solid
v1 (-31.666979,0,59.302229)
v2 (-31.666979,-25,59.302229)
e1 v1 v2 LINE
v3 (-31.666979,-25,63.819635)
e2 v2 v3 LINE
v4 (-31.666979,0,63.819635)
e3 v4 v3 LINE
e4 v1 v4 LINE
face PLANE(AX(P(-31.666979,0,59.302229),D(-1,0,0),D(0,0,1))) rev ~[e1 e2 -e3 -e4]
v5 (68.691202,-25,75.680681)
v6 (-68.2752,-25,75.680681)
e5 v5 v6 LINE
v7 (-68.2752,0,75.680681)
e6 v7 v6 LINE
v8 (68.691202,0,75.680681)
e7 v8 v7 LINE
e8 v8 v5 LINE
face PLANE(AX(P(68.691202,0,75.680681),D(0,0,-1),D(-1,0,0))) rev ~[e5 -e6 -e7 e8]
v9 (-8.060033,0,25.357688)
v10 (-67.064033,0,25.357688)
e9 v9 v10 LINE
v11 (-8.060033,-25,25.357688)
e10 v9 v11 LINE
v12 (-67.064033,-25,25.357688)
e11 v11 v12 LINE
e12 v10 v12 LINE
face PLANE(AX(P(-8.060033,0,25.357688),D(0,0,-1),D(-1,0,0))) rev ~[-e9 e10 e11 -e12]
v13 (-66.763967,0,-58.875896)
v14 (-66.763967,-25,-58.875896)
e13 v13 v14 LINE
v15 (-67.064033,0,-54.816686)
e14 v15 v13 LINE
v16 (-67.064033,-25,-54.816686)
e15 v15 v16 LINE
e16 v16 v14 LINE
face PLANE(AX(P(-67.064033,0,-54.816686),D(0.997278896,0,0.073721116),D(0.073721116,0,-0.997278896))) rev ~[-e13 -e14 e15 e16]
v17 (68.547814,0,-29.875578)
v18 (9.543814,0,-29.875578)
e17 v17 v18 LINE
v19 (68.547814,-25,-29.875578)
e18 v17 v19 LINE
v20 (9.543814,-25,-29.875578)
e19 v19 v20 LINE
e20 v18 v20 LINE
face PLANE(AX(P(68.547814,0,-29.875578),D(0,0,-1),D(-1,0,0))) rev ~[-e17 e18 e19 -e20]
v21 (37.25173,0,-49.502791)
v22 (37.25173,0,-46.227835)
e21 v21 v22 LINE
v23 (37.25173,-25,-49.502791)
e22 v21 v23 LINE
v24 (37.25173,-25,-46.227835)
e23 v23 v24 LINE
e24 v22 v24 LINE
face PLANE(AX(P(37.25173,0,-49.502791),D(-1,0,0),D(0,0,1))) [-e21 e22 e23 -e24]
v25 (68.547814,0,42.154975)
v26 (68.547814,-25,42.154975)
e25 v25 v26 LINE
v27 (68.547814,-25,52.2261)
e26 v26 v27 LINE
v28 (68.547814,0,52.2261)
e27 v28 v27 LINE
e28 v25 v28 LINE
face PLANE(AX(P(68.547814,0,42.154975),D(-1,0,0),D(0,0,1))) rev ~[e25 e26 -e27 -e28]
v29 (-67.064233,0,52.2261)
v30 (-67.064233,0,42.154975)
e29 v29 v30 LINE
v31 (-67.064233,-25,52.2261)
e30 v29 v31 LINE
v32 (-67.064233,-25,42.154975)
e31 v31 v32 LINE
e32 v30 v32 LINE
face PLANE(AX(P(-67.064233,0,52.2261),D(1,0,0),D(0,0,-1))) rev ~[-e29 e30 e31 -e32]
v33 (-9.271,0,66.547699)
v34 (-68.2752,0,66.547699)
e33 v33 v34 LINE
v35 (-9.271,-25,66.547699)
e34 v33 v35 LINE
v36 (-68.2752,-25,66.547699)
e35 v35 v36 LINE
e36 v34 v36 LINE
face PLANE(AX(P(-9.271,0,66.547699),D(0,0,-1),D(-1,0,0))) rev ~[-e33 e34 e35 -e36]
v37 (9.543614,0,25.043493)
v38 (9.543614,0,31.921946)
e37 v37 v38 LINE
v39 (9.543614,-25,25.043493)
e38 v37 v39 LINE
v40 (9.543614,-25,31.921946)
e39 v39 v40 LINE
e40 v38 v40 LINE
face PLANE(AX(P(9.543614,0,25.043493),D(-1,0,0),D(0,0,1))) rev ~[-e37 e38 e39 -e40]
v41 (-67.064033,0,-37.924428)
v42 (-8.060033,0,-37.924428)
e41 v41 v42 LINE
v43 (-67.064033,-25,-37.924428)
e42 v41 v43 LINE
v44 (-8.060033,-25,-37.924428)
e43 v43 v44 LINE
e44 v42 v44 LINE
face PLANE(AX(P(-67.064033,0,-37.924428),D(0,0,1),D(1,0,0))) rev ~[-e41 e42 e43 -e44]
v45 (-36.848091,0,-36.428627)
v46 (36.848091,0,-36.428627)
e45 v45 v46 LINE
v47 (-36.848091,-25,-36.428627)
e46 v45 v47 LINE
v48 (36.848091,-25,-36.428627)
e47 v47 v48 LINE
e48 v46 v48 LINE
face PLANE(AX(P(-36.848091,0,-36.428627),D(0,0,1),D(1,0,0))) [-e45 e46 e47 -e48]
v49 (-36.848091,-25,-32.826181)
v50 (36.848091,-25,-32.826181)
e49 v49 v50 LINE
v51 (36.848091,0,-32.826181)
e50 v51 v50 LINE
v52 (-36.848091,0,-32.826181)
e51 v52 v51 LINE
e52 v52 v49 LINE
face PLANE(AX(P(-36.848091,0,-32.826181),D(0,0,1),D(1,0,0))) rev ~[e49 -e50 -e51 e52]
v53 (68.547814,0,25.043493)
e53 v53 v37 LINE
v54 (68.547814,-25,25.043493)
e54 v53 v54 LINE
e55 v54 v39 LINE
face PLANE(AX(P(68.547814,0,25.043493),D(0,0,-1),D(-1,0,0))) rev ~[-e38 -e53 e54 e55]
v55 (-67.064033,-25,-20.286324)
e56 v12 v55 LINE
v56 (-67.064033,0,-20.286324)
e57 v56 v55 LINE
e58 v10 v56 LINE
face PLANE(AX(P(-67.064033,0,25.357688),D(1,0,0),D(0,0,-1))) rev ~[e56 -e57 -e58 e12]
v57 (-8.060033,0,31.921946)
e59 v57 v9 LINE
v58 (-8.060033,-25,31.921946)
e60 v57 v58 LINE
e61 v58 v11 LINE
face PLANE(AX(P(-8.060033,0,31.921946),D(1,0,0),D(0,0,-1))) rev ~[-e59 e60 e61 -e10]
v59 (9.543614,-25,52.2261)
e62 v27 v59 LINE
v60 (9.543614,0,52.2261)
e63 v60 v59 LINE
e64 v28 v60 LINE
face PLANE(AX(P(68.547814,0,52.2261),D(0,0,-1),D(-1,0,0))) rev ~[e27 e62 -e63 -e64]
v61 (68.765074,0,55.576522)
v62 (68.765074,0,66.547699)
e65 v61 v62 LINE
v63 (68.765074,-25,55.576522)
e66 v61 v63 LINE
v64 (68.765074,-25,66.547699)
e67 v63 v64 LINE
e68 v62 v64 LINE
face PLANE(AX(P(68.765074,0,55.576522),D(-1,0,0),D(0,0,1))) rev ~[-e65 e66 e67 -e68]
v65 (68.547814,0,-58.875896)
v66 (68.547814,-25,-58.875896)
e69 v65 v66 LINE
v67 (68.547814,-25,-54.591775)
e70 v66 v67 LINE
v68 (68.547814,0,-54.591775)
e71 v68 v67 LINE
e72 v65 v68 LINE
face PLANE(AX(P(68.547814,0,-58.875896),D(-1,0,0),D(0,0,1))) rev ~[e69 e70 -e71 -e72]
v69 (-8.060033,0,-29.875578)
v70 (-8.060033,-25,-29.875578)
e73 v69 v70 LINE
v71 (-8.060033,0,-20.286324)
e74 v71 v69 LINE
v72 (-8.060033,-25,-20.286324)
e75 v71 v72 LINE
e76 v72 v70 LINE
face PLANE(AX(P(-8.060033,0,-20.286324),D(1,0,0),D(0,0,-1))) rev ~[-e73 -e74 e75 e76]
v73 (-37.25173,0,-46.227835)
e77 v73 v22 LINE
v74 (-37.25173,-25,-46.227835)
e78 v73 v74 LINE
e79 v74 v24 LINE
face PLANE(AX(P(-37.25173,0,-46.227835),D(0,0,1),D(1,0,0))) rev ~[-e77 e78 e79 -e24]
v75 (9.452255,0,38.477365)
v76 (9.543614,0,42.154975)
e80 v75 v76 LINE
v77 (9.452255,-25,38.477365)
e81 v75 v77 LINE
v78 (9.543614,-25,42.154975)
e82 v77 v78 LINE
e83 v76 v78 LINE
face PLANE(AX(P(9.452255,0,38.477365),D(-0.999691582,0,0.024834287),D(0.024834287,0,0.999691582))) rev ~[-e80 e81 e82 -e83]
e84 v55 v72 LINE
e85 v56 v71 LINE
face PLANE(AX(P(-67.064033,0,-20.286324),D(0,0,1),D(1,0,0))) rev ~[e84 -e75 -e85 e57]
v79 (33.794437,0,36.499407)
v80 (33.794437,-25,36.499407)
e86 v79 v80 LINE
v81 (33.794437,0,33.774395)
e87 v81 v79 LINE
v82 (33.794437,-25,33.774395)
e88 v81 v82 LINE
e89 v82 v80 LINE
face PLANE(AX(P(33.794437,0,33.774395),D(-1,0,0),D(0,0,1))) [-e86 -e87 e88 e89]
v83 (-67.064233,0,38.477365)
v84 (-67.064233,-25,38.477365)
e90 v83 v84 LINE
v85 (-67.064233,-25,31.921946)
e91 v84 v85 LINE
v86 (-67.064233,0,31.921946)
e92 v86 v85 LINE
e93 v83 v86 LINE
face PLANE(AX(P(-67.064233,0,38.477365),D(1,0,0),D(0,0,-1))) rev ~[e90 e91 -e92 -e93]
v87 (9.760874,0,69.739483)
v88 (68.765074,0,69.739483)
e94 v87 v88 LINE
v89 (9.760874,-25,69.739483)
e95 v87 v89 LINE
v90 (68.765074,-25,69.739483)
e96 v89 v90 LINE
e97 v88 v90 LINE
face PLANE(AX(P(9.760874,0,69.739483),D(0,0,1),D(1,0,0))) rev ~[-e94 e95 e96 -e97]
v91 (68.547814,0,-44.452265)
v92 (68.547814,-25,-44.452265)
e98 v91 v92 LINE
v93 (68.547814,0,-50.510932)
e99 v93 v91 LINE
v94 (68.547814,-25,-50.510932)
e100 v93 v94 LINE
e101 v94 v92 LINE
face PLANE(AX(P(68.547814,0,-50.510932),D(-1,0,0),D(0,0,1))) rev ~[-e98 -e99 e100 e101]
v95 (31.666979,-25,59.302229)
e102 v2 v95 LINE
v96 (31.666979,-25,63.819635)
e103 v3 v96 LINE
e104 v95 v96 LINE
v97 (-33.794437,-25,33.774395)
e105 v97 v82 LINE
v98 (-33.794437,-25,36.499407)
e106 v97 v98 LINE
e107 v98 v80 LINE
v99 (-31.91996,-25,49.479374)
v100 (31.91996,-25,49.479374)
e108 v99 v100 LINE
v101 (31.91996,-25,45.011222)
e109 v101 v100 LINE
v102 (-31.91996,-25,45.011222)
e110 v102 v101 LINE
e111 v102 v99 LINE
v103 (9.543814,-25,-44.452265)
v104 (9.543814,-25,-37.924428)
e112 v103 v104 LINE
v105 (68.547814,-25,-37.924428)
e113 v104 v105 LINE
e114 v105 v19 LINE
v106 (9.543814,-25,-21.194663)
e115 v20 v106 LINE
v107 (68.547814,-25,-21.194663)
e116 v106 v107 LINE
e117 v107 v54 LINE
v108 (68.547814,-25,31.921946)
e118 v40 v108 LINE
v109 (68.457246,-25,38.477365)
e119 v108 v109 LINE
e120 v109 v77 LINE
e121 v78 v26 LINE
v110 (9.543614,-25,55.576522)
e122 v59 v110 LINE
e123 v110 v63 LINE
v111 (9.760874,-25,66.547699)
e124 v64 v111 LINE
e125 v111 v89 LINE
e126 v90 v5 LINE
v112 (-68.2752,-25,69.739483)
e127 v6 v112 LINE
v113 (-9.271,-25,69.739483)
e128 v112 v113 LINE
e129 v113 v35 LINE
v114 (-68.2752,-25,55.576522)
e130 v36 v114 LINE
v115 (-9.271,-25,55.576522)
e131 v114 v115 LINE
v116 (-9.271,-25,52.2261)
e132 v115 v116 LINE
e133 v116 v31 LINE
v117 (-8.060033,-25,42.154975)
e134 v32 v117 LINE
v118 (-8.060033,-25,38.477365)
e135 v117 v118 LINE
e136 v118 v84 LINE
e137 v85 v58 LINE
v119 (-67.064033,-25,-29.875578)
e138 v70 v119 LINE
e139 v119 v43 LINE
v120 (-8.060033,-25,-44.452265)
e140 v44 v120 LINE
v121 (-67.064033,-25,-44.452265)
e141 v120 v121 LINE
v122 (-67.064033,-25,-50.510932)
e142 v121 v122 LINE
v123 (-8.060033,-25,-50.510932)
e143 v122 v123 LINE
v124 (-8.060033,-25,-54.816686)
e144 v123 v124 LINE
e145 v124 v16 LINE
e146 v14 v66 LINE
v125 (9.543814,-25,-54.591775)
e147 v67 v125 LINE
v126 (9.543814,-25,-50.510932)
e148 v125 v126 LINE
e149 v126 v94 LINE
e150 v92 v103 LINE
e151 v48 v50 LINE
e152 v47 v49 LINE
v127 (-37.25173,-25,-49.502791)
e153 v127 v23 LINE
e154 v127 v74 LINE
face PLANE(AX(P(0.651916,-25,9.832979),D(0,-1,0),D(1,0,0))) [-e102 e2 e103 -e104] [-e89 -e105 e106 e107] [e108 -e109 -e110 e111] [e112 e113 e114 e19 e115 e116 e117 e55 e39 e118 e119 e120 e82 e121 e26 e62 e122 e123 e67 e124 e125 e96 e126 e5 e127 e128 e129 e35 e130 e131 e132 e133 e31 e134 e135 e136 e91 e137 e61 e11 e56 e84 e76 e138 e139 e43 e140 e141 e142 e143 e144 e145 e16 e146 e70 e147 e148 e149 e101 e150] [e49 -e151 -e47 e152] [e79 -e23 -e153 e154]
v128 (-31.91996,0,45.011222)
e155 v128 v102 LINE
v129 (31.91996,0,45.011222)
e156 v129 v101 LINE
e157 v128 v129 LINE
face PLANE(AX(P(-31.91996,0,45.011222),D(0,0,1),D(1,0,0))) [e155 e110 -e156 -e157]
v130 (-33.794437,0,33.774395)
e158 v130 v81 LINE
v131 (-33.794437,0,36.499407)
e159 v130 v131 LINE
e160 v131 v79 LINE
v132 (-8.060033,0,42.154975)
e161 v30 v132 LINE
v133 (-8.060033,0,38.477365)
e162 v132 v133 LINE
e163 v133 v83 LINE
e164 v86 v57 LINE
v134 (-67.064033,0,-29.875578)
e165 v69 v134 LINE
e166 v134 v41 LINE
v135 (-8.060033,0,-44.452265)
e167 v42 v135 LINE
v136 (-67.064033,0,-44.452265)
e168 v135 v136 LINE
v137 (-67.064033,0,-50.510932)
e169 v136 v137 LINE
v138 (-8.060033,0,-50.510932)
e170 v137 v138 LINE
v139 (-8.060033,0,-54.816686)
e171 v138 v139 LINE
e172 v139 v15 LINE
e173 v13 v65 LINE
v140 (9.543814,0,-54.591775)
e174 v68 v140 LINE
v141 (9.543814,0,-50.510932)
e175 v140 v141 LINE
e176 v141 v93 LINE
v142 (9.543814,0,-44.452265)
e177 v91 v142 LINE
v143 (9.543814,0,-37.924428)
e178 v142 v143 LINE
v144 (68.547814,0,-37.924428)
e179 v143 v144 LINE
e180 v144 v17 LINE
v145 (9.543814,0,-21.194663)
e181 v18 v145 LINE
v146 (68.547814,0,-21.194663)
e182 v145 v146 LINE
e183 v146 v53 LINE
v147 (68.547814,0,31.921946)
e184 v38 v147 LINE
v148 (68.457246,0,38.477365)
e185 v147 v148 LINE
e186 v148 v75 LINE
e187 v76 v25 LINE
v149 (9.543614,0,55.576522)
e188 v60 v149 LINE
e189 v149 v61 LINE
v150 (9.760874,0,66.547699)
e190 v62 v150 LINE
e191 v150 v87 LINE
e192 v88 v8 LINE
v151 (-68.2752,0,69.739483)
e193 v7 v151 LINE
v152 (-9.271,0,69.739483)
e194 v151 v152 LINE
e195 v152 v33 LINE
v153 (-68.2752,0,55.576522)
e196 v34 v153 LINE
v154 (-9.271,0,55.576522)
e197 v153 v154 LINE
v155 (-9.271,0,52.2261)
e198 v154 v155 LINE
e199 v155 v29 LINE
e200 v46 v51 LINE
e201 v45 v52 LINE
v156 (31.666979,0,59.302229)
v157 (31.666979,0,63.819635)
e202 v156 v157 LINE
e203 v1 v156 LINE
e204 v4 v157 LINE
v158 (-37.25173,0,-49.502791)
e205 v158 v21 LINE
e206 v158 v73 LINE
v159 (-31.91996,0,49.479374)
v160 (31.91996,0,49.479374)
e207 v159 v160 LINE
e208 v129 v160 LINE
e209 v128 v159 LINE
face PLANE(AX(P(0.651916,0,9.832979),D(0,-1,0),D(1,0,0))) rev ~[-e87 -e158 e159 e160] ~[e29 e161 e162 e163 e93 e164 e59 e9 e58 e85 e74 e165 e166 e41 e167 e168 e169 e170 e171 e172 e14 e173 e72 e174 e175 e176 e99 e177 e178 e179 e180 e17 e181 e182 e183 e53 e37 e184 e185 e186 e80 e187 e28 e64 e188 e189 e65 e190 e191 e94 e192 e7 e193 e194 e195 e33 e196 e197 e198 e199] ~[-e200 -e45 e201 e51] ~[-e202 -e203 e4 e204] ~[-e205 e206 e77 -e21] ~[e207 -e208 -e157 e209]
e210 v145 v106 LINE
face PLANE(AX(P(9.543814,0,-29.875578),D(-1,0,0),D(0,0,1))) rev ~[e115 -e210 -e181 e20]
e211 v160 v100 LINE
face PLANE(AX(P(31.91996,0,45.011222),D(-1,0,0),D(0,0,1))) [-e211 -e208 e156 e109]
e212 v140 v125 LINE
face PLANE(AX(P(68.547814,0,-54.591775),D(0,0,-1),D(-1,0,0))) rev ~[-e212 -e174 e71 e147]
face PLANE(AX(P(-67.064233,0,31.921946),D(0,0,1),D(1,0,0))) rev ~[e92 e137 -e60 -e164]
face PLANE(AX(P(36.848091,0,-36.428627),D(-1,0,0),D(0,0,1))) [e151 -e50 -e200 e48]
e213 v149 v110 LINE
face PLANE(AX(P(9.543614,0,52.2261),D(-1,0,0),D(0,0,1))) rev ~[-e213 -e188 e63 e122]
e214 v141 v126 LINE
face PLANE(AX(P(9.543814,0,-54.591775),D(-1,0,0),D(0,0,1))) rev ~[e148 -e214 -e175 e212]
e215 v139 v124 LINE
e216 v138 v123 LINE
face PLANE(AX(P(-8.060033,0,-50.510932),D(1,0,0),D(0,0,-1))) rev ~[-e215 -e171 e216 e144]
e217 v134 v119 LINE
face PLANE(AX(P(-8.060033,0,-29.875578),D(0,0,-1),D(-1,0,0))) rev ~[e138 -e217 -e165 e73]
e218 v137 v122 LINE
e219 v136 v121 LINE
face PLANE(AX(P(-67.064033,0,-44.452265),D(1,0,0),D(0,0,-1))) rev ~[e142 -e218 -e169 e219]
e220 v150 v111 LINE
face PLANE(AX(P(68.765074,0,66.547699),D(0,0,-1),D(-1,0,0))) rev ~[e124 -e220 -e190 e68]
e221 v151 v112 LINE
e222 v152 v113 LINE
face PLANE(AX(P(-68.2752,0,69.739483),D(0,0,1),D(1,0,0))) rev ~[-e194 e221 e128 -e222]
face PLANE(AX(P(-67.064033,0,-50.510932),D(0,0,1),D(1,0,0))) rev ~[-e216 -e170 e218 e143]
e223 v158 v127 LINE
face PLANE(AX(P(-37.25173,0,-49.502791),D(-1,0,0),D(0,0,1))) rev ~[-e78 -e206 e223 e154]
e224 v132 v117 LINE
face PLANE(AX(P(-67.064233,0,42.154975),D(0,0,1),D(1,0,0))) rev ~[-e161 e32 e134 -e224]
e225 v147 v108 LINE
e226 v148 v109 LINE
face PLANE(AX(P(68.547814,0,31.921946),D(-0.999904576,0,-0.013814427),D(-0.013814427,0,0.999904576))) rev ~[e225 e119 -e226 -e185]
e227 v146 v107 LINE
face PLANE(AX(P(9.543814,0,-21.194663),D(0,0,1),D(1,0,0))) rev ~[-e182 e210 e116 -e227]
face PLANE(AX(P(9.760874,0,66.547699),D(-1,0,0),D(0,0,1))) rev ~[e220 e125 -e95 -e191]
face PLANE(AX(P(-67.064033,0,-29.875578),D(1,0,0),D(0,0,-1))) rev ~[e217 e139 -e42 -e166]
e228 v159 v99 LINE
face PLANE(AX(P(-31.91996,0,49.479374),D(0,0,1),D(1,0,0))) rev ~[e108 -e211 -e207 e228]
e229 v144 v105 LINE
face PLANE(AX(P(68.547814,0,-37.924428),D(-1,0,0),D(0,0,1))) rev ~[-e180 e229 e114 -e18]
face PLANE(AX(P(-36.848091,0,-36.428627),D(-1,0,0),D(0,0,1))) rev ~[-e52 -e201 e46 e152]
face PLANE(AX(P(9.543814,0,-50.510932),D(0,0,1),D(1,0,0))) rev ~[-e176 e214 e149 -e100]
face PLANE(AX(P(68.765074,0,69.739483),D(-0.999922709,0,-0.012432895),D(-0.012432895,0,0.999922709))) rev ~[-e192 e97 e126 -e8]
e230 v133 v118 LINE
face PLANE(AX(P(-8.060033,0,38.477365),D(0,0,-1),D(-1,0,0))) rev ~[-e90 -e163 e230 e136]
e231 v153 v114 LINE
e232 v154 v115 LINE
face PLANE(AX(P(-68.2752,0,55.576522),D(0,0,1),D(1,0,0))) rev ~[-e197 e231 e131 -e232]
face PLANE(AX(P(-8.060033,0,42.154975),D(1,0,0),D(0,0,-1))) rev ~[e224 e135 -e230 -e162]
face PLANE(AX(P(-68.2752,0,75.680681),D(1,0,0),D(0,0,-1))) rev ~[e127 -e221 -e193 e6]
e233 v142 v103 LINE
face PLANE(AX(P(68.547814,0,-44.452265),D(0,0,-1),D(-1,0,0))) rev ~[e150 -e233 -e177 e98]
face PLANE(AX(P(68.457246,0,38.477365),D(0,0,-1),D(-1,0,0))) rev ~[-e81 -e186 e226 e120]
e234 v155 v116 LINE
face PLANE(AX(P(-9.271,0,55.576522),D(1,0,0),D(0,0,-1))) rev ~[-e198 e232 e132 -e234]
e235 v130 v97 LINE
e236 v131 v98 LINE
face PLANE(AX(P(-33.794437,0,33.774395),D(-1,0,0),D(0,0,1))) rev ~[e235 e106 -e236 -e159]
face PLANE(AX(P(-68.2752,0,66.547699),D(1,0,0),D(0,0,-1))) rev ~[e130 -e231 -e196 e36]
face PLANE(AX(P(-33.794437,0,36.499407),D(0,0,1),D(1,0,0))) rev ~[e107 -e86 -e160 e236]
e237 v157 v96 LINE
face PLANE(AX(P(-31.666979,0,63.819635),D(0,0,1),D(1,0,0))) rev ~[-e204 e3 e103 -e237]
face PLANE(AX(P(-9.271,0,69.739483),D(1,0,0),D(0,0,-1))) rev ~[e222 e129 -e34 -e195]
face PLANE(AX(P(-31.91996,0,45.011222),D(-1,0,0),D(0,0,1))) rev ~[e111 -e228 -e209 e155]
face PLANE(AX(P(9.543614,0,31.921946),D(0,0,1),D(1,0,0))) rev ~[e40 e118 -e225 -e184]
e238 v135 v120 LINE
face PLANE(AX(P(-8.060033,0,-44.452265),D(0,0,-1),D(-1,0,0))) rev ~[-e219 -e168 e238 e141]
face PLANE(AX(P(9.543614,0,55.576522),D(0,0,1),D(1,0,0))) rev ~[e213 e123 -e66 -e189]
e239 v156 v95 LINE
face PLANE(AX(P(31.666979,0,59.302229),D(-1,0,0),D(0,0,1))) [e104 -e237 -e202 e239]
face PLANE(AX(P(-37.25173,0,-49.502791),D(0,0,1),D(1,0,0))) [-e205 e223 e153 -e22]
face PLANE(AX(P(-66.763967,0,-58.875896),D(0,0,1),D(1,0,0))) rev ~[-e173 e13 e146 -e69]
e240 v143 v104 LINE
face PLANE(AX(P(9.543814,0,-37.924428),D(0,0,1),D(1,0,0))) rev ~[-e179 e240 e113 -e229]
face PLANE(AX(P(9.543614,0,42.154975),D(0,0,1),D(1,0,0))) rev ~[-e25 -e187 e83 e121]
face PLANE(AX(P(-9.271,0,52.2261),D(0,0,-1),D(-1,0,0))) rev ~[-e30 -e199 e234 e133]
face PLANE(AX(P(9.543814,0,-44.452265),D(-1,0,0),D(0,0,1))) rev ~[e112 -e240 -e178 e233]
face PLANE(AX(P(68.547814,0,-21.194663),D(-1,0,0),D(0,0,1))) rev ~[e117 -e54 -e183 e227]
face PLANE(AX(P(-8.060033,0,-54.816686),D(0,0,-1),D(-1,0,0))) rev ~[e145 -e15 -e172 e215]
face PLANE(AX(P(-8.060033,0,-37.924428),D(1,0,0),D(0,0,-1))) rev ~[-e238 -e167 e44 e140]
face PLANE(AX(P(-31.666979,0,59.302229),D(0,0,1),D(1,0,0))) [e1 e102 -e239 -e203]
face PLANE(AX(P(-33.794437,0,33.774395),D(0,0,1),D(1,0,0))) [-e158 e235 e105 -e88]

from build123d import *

# Parameters (mm, degrees)
F0_W     = 74.50346
F0_H     = 3.274955
F0_W_2   = 73.696182
F0_H_2   = 3.602445
F0_W_3   = 67.588874
F0_H_3   = 2.725012
F0_W_4   = 63.83992
F0_H_4   = 4.468152
F0_W_5   = 63.333958
F0_H_5   = 4.517406
F1_DEPTH = 25


with BuildPart() as f1:
    # F0 (on Front) → F1 (new body)
    with BuildSketch(Plane.XZ):
        Polygon((-9.271, 66.547699), (-68.2752, 66.547699), (-68.2752, 55.576522), (-9.271, 55.576522), (-9.271, 52.2261), (-67.064233, 52.2261), (-67.064233, 42.154975), (-8.060033, 42.154975), (-8.060033, 38.477365), (-67.064233, 38.477365), (-67.064233, 31.921946), (-8.060033, 31.921946), (-8.060033, 25.357688), (-67.064033, 25.357688), (-67.064033, -20.286324), (-8.060033, -20.286324), (-8.060033, -29.875578), (-67.064033, -29.875578), (-67.064033, -37.924428), (-8.060033, -37.924428), (-8.060033, -44.452265), (-67.064033, -44.452265), (-67.064033, -50.510932), (-8.060033, -50.510932), (-8.060033, -54.816686), (-67.064033, -54.816686), (-66.763967, -58.875896), (0.272814, -58.875896), (68.547814, -58.875896), (68.547814, -54.591775), (9.543814, -54.591775), (9.543814, -50.510932), (68.547814, -50.510932), (68.547814, -44.452265), (9.543814, -44.452265), (9.543814, -37.924428), (68.547814, -37.924428), (68.547814, -29.875578), (9.543814, -29.875578), (9.543814, -21.194663), (68.547814, -21.194663), (68.547814, 25.043493), (9.543614, 25.043493), (9.543614, 31.921946), (68.547814, 31.921946), (68.457246, 38.477365), (9.452255, 38.477365), (9.543614, 42.154975), (68.547814, 42.154975), (68.547814, 52.2261), (9.543614, 52.2261), (9.543614, 55.576522), (68.765074, 55.576522), (68.765074, 66.547699), (9.760874, 66.547699), (9.760874, 69.739483), (68.765074, 69.739483), (68.691202, 75.680681), (0, 75.680681), (-68.2752, 75.680681), (-68.2752, 69.739483), (-9.271, 69.739483), align=None)
        with Locations((0, -47.865313)):
            Rectangle(F0_W, F0_H, mode=Mode.SUBTRACT)
        with Locations((0, -34.627404)):
            Rectangle(F0_W_2, F0_H_2, mode=Mode.SUBTRACT)
        with Locations((0, 35.136901)):
            Rectangle(F0_W_3, F0_H_3, mode=Mode.SUBTRACT)
        with Locations((0, 47.245298)):
            Rectangle(F0_W_4, F0_H_4, mode=Mode.SUBTRACT)
        with Locations((0, 61.560932)):
            Rectangle(F0_W_5, F0_H_5, mode=Mode.SUBTRACT)
    extrude(amount=F1_DEPTH)


solid = f1.part
